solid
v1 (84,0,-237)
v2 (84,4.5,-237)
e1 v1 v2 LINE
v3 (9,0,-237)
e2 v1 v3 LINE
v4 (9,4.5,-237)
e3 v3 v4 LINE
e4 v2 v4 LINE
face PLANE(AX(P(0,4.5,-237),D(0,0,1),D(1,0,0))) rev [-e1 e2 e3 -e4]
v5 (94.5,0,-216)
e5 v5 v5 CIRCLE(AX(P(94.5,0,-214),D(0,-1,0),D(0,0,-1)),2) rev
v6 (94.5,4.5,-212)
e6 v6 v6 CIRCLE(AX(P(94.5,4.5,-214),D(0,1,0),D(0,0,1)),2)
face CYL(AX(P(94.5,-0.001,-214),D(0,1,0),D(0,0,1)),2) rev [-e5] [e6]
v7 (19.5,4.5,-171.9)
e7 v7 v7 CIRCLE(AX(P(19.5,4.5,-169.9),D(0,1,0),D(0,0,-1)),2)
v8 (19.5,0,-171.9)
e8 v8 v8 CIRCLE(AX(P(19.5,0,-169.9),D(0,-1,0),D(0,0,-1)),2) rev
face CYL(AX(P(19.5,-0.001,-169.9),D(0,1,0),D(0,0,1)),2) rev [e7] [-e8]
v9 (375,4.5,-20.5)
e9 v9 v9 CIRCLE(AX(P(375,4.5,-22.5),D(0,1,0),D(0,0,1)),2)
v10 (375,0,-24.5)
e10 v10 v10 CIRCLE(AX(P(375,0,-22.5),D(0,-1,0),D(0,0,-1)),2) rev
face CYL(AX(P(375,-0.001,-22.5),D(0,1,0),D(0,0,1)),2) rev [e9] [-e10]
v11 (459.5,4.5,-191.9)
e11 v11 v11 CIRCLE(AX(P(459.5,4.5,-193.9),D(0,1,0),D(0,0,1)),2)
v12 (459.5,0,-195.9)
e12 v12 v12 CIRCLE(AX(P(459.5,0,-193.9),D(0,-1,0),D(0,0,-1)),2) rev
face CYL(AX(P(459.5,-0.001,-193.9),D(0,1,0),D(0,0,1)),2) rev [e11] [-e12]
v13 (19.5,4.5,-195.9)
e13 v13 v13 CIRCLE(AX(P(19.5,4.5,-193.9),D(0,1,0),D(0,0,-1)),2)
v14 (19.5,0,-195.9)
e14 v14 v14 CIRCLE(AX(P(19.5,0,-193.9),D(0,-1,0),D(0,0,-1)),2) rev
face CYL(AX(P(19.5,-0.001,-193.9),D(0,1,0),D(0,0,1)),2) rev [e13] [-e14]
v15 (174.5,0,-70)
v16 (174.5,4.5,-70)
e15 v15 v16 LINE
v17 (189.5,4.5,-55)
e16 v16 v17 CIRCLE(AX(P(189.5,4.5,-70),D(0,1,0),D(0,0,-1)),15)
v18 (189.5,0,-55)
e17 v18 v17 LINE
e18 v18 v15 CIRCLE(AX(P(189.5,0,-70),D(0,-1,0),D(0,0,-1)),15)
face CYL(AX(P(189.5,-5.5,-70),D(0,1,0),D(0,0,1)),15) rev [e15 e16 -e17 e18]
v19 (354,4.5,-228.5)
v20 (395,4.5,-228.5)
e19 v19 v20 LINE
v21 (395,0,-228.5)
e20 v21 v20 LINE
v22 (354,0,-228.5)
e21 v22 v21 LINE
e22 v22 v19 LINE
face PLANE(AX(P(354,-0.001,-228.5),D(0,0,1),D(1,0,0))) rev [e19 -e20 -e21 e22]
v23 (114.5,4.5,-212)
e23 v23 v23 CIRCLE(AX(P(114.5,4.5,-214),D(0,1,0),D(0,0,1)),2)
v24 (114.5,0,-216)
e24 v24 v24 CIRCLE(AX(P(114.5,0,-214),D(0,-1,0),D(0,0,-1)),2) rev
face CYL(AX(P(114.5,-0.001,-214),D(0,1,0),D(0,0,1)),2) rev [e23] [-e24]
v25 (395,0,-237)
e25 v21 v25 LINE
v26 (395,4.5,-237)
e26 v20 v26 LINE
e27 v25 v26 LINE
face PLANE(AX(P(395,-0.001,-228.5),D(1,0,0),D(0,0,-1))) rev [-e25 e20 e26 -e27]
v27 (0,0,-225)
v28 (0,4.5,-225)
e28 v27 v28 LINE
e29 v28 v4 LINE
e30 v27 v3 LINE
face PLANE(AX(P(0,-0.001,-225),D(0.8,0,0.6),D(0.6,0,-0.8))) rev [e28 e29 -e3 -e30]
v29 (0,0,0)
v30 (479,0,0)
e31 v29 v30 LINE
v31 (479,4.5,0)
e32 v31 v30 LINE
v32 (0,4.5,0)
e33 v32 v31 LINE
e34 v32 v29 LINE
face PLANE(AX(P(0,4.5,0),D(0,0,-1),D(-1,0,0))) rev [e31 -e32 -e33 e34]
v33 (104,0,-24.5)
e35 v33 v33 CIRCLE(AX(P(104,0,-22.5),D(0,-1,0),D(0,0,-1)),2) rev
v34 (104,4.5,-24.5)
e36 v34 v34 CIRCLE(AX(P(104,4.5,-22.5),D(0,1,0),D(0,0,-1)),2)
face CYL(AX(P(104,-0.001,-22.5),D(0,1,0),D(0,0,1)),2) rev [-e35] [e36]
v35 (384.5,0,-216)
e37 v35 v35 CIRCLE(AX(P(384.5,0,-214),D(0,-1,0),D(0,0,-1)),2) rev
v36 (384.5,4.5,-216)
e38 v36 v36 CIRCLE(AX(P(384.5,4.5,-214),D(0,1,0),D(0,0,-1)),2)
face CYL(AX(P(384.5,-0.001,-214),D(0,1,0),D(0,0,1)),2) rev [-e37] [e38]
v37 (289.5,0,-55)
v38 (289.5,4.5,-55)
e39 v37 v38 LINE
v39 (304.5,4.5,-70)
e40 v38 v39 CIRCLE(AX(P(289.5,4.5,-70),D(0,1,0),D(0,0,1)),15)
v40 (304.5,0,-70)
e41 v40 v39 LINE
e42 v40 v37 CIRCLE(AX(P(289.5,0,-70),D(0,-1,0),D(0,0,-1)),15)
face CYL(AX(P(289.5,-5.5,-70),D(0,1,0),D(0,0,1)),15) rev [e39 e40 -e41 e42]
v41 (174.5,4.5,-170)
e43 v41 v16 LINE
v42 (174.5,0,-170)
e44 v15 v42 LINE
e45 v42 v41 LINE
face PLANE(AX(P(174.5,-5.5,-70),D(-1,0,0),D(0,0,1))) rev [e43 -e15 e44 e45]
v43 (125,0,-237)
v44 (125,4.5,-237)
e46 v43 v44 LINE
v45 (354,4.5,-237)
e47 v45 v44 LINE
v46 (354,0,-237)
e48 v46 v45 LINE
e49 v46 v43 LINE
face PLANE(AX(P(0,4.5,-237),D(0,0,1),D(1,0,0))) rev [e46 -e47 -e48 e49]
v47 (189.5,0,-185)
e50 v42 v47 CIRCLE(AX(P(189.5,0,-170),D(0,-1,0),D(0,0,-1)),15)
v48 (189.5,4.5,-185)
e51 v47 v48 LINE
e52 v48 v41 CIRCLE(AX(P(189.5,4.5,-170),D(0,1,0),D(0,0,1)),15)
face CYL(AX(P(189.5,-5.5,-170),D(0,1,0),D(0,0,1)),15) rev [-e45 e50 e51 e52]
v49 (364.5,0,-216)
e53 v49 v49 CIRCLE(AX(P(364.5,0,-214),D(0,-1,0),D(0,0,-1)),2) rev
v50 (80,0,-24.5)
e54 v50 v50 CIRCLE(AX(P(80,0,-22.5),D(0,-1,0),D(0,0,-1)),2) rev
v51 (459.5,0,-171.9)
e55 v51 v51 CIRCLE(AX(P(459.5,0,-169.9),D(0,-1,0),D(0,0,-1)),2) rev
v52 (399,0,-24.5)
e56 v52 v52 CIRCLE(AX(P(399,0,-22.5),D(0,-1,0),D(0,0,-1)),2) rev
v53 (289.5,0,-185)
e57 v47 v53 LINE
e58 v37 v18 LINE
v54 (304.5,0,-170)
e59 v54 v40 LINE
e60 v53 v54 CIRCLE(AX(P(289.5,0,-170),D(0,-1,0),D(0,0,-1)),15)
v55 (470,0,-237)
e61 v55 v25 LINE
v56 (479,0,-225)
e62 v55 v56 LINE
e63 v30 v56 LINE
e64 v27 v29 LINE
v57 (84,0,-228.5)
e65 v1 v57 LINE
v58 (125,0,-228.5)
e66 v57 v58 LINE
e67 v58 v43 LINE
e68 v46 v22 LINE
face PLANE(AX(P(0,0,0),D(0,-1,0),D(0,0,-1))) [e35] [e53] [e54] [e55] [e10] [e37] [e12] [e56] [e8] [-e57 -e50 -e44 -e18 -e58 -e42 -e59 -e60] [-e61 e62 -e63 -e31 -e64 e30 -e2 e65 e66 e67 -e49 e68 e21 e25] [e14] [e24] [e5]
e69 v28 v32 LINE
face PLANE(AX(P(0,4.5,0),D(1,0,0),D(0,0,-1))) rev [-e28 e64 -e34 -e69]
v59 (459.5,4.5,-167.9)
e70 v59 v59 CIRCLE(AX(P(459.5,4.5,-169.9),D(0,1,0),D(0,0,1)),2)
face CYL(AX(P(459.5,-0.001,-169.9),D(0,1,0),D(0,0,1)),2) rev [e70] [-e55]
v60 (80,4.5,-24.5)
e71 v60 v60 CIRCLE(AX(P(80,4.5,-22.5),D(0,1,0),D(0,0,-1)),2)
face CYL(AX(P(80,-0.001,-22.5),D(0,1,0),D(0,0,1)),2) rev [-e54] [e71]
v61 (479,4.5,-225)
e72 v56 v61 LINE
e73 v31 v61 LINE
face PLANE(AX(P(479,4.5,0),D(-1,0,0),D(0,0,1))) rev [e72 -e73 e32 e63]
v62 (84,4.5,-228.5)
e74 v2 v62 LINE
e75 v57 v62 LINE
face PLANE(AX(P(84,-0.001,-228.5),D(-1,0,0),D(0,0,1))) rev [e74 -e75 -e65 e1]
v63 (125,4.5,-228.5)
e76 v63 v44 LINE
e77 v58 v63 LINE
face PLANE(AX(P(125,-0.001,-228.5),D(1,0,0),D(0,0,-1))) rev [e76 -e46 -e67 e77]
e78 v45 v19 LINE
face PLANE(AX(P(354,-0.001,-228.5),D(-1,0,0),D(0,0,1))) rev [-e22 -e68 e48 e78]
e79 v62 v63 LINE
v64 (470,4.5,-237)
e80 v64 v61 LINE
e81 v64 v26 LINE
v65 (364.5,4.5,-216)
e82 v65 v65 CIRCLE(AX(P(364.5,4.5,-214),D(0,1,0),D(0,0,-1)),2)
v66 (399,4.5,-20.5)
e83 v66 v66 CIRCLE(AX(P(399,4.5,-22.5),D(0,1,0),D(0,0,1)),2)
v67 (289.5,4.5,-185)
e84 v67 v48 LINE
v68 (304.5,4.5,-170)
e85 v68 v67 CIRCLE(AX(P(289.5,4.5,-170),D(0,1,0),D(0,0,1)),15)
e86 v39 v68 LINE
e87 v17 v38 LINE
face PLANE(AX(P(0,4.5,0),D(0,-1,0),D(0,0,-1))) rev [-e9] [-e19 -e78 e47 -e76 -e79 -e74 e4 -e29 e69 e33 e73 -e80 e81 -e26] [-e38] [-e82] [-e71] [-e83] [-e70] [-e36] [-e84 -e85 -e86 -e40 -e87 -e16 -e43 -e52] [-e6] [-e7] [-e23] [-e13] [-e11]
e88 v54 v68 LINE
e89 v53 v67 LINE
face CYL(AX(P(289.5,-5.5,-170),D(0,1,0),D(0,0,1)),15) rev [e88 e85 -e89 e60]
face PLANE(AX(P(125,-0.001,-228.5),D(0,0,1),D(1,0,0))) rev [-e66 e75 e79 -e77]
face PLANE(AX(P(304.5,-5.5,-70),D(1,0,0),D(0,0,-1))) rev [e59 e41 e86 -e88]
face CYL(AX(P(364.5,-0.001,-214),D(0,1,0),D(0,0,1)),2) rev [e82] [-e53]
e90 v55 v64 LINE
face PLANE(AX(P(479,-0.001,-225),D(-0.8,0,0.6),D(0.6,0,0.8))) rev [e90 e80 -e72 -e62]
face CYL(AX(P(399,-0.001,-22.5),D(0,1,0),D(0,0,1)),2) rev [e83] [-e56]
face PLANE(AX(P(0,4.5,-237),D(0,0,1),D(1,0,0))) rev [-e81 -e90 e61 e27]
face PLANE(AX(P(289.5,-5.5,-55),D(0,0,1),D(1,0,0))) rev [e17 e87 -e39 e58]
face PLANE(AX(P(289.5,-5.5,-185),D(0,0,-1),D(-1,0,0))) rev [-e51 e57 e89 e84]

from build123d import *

# Parameters (mm, degrees)
SKETCH_1_W          = 479
SKETCH_1_H          = 237
EXTRUDE_1_DEPTH     = 4.5
CUT_EXTRUDE_1_REACH = 536.444
SKETCH_2_R          = 2
SKETCH_2_W          = 41
SKETCH_2_H          = 8.5
CUT_EXTRUDE_2_DEPTH = 10


with BuildPart() as part:
    # 草图1 → 凸台-拉伸1 (new body)
    with BuildSketch(Plane(origin=(0, 0, 0), x_dir=(1, 0, 0), z_dir=(0, 1, 0))):
        with Locations((239.5, 118.5)):
            Rectangle(SKETCH_1_W, SKETCH_1_H)
    extrude(amount=EXTRUDE_1_DEPTH)

    # 草图2 → 切除-拉伸1 (cut, up to next)
    with BuildSketch(Plane(origin=(0, 4.5, 0), x_dir=(1, 0, 0), z_dir=(0, 1, 0)), mode=Mode.PRIVATE) as cut_extrude_1_sk1:
        with Locations(Location((399, 22.5, 0), (0, 0, 270))):
            Circle(SKETCH_2_R)
    cut_extrude_1_tool1 = extrude(cut_extrude_1_sk1.sketch, amount=-CUT_EXTRUDE_1_REACH, mode=Mode.PRIVATE) & part.part
    # 草图2 → 切除-拉伸1 (cut, up to next)
    with BuildSketch(Plane(origin=(0, 4.5, 0), x_dir=(1, 0, 0), z_dir=(0, 1, 0)), mode=Mode.PRIVATE) as cut_extrude_1_sk2:
        with Locations(Location((375, 22.5, 0), (0, 0, 270))):
            Circle(SKETCH_2_R)
    cut_extrude_1_tool2 = extrude(cut_extrude_1_sk2.sketch, amount=-CUT_EXTRUDE_1_REACH, mode=Mode.PRIVATE) & part.part
    # 草图2 → 切除-拉伸1 (cut, up to next)
    with BuildSketch(Plane(origin=(0, 4.5, 0), x_dir=(1, 0, 0), z_dir=(0, 1, 0)), mode=Mode.PRIVATE) as cut_extrude_1_sk3:
        with Locations(Location((104, 22.5, 0), (0, 0, 90))):
            Circle(SKETCH_2_R)
    cut_extrude_1_tool3 = extrude(cut_extrude_1_sk3.sketch, amount=-CUT_EXTRUDE_1_REACH, mode=Mode.PRIVATE) & part.part
    # 草图2 → 切除-拉伸1 (cut, up to next)
    with BuildSketch(Plane(origin=(0, 4.5, 0), x_dir=(1, 0, 0), z_dir=(0, 1, 0)), mode=Mode.PRIVATE) as cut_extrude_1_sk4:
        with Locations(Location((80, 22.5, 0), (0, 0, 90))):
            Circle(SKETCH_2_R)
    cut_extrude_1_tool4 = extrude(cut_extrude_1_sk4.sketch, amount=-CUT_EXTRUDE_1_REACH, mode=Mode.PRIVATE) & part.part
    # 草图2 → 切除-拉伸1 (cut, up to next)
    with BuildSketch(Plane(origin=(0, 4.5, 0), x_dir=(1, 0, 0), z_dir=(0, 1, 0)), mode=Mode.PRIVATE) as cut_extrude_1_sk5:
        with Locations(Location((459.5, 193.9, 0), (0, 0, 270))):
            Circle(SKETCH_2_R)
    cut_extrude_1_tool5 = extrude(cut_extrude_1_sk5.sketch, amount=-CUT_EXTRUDE_1_REACH, mode=Mode.PRIVATE) & part.part
    # 草图2 → 切除-拉伸1 (cut, up to next)
    with BuildSketch(Plane(origin=(0, 4.5, 0), x_dir=(1, 0, 0), z_dir=(0, 1, 0)), mode=Mode.PRIVATE) as cut_extrude_1_sk6:
        with Locations(Location((459.5, 169.9, 0), (0, 0, 270))):
            Circle(SKETCH_2_R)
    cut_extrude_1_tool6 = extrude(cut_extrude_1_sk6.sketch, amount=-CUT_EXTRUDE_1_REACH, mode=Mode.PRIVATE) & part.part
    # 草图2 → 切除-拉伸1 (cut, up to next)
    with BuildSketch(Plane(origin=(0, 4.5, 0), x_dir=(1, 0, 0), z_dir=(0, 1, 0)), mode=Mode.PRIVATE) as cut_extrude_1_sk7:
        with Locations(Location((19.5, 169.9, 0), (0, 0, 90))):
            Circle(SKETCH_2_R)
    cut_extrude_1_tool7 = extrude(cut_extrude_1_sk7.sketch, amount=-CUT_EXTRUDE_1_REACH, mode=Mode.PRIVATE) & part.part
    # 草图2 → 切除-拉伸1 (cut, up to next)
    with BuildSketch(Plane(origin=(0, 4.5, 0), x_dir=(1, 0, 0), z_dir=(0, 1, 0)), mode=Mode.PRIVATE) as cut_extrude_1_sk8:
        with Locations(Location((19.5, 193.9, 0), (0, 0, 90))):
            Circle(SKETCH_2_R)
    cut_extrude_1_tool8 = extrude(cut_extrude_1_sk8.sketch, amount=-CUT_EXTRUDE_1_REACH, mode=Mode.PRIVATE) & part.part
    # 草图2 → 切除-拉伸1 (cut, up to next)
    with BuildSketch(Plane(origin=(0, 4.5, 0), x_dir=(1, 0, 0), z_dir=(0, 1, 0)), mode=Mode.PRIVATE) as cut_extrude_1_sk9:
        with Locations(Location((94.5, 214, 0), (0, 0, 270))):
            Circle(SKETCH_2_R)
    cut_extrude_1_tool9 = extrude(cut_extrude_1_sk9.sketch, amount=-CUT_EXTRUDE_1_REACH, mode=Mode.PRIVATE) & part.part
    # 草图2 → 切除-拉伸1 (cut, up to next)
    with BuildSketch(Plane(origin=(0, 4.5, 0), x_dir=(1, 0, 0), z_dir=(0, 1, 0)), mode=Mode.PRIVATE) as cut_extrude_1_sk10:
        with Locations(Location((114.5, 214, 0), (0, 0, 270))):
            Circle(SKETCH_2_R)
    cut_extrude_1_tool10 = extrude(cut_extrude_1_sk10.sketch, amount=-CUT_EXTRUDE_1_REACH, mode=Mode.PRIVATE) & part.part
    # 草图2 → 切除-拉伸1 (cut, up to next)
    with BuildSketch(Plane(origin=(0, 4.5, 0), x_dir=(1, 0, 0), z_dir=(0, 1, 0)), mode=Mode.PRIVATE) as cut_extrude_1_sk11:
        with Locations(Location((364.5, 214, 0), (0, 0, 90))):
            Circle(SKETCH_2_R)
    cut_extrude_1_tool11 = extrude(cut_extrude_1_sk11.sketch, amount=-CUT_EXTRUDE_1_REACH, mode=Mode.PRIVATE) & part.part
    # 草图2 → 切除-拉伸1 (cut, up to next)
    with BuildSketch(Plane(origin=(0, 4.5, 0), x_dir=(1, 0, 0), z_dir=(0, 1, 0)), mode=Mode.PRIVATE) as cut_extrude_1_sk12:
        with Locations(Location((384.5, 214, 0), (0, 0, 90))):
            Circle(SKETCH_2_R)
    cut_extrude_1_tool12 = extrude(cut_extrude_1_sk12.sketch, amount=-CUT_EXTRUDE_1_REACH, mode=Mode.PRIVATE) & part.part
    # 草图2 → 切除-拉伸1 (cut, up to next)
    with BuildSketch(Plane(origin=(0, 4.5, 0), x_dir=(1, 0, 0), z_dir=(0, 1, 0)), mode=Mode.PRIVATE) as cut_extrude_1_sk13:
        Polygon((0, 237), (0, 225), (9, 237), align=None)
    cut_extrude_1_tool13 = extrude(cut_extrude_1_sk13.sketch, amount=-CUT_EXTRUDE_1_REACH, mode=Mode.PRIVATE) & part.part
    # 草图2 → 切除-拉伸1 (cut, up to next)
    with BuildSketch(Plane(origin=(0, 4.5, 0), x_dir=(1, 0, 0), z_dir=(0, 1, 0)), mode=Mode.PRIVATE) as cut_extrude_1_sk14:
        Polygon((470, 237), (479, 237), (479, 225), align=None)
    cut_extrude_1_tool14 = extrude(cut_extrude_1_sk14.sketch, amount=-CUT_EXTRUDE_1_REACH, mode=Mode.PRIVATE) & part.part
    # 草图2 → 切除-拉伸1 (cut, up to next)
    with BuildSketch(Plane(origin=(0, 4.5, 0), x_dir=(1, 0, 0), z_dir=(0, 1, 0)), mode=Mode.PRIVATE) as cut_extrude_1_sk15:
        with Locations((104.5, 232.75)):
            Rectangle(SKETCH_2_W, SKETCH_2_H)
    cut_extrude_1_tool15 = extrude(cut_extrude_1_sk15.sketch, amount=-CUT_EXTRUDE_1_REACH, mode=Mode.PRIVATE) & part.part
    # 草图2 → 切除-拉伸1 (cut, up to next)
    with BuildSketch(Plane(origin=(0, 4.5, 0), x_dir=(1, 0, 0), z_dir=(0, 1, 0)), mode=Mode.PRIVATE) as cut_extrude_1_sk16:
        with Locations((374.5, 232.75)):
            Rectangle(SKETCH_2_W, SKETCH_2_H)
    cut_extrude_1_tool16 = extrude(cut_extrude_1_sk16.sketch, amount=-CUT_EXTRUDE_1_REACH, mode=Mode.PRIVATE) & part.part
    add(cut_extrude_1_tool1.solids().sort_by_distance((399, 4.5, -22.5))[0], mode=Mode.SUBTRACT)
    add(cut_extrude_1_tool2.solids().sort_by_distance((375, 4.5, -22.5))[0], mode=Mode.SUBTRACT)
    add(cut_extrude_1_tool3.solids().sort_by_distance((104, 4.5, -22.5))[0], mode=Mode.SUBTRACT)
    add(cut_extrude_1_tool4.solids().sort_by_distance((80, 4.5, -22.5))[0], mode=Mode.SUBTRACT)
    add(cut_extrude_1_tool5.solids().sort_by_distance((459.5, 4.5, -193.9))[0], mode=Mode.SUBTRACT)
    add(cut_extrude_1_tool6.solids().sort_by_distance((459.5, 4.5, -169.9))[0], mode=Mode.SUBTRACT)
    add(cut_extrude_1_tool7.solids().sort_by_distance((19.5, 4.5, -169.9))[0], mode=Mode.SUBTRACT)
    add(cut_extrude_1_tool8.solids().sort_by_distance((19.5, 4.5, -193.9))[0], mode=Mode.SUBTRACT)
    add(cut_extrude_1_tool9.solids().sort_by_distance((94.5, 4.5, -214))[0], mode=Mode.SUBTRACT)
    add(cut_extrude_1_tool10.solids().sort_by_distance((114.5, 4.5, -214))[0], mode=Mode.SUBTRACT)
    add(cut_extrude_1_tool11.solids().sort_by_distance((364.5, 4.5, -214))[0], mode=Mode.SUBTRACT)
    add(cut_extrude_1_tool12.solids().sort_by_distance((384.5, 4.5, -214))[0], mode=Mode.SUBTRACT)
    add(cut_extrude_1_tool13.solids().sort_by_distance((3, 4.5, -233))[0], mode=Mode.SUBTRACT)
    add(cut_extrude_1_tool14.solids().sort_by_distance((476, 4.5, -233))[0], mode=Mode.SUBTRACT)
    add(cut_extrude_1_tool15.solids().sort_by_distance((104.5, 4.5, -232.75))[0], mode=Mode.SUBTRACT)
    add(cut_extrude_1_tool16.solids().sort_by_distance((374.5, 4.5, -232.75))[0], mode=Mode.SUBTRACT)

    # 草图3 → 切除-拉伸2 (cut)
    with BuildSketch(Plane(origin=(0, 4.5, 0), x_dir=(1, 0, 0), z_dir=(0, 1, 0))):
        with BuildLine():
            Line((289.5, 55), (189.5, 55))
            ThreePointArc((189.5, 55), (178.893398282, 59.393398282), (174.5, 70))
            Line((174.5, 70), (174.5, 170))
            ThreePointArc((174.5, 170), (178.893398282, 180.606601718), (189.5, 185))
            Line((189.5, 185), (289.5, 185))
            ThreePointArc((289.5, 185), (300.106601718, 180.606601718), (304.5, 170))
            Line((304.5, 170), (304.5, 70))
            ThreePointArc((304.5, 70), (300.106601718, 59.393398282), (289.5, 55))
        make_face()
    extrude(amount=-CUT_EXTRUDE_2_DEPTH, mode=Mode.SUBTRACT)


solid = part.part
